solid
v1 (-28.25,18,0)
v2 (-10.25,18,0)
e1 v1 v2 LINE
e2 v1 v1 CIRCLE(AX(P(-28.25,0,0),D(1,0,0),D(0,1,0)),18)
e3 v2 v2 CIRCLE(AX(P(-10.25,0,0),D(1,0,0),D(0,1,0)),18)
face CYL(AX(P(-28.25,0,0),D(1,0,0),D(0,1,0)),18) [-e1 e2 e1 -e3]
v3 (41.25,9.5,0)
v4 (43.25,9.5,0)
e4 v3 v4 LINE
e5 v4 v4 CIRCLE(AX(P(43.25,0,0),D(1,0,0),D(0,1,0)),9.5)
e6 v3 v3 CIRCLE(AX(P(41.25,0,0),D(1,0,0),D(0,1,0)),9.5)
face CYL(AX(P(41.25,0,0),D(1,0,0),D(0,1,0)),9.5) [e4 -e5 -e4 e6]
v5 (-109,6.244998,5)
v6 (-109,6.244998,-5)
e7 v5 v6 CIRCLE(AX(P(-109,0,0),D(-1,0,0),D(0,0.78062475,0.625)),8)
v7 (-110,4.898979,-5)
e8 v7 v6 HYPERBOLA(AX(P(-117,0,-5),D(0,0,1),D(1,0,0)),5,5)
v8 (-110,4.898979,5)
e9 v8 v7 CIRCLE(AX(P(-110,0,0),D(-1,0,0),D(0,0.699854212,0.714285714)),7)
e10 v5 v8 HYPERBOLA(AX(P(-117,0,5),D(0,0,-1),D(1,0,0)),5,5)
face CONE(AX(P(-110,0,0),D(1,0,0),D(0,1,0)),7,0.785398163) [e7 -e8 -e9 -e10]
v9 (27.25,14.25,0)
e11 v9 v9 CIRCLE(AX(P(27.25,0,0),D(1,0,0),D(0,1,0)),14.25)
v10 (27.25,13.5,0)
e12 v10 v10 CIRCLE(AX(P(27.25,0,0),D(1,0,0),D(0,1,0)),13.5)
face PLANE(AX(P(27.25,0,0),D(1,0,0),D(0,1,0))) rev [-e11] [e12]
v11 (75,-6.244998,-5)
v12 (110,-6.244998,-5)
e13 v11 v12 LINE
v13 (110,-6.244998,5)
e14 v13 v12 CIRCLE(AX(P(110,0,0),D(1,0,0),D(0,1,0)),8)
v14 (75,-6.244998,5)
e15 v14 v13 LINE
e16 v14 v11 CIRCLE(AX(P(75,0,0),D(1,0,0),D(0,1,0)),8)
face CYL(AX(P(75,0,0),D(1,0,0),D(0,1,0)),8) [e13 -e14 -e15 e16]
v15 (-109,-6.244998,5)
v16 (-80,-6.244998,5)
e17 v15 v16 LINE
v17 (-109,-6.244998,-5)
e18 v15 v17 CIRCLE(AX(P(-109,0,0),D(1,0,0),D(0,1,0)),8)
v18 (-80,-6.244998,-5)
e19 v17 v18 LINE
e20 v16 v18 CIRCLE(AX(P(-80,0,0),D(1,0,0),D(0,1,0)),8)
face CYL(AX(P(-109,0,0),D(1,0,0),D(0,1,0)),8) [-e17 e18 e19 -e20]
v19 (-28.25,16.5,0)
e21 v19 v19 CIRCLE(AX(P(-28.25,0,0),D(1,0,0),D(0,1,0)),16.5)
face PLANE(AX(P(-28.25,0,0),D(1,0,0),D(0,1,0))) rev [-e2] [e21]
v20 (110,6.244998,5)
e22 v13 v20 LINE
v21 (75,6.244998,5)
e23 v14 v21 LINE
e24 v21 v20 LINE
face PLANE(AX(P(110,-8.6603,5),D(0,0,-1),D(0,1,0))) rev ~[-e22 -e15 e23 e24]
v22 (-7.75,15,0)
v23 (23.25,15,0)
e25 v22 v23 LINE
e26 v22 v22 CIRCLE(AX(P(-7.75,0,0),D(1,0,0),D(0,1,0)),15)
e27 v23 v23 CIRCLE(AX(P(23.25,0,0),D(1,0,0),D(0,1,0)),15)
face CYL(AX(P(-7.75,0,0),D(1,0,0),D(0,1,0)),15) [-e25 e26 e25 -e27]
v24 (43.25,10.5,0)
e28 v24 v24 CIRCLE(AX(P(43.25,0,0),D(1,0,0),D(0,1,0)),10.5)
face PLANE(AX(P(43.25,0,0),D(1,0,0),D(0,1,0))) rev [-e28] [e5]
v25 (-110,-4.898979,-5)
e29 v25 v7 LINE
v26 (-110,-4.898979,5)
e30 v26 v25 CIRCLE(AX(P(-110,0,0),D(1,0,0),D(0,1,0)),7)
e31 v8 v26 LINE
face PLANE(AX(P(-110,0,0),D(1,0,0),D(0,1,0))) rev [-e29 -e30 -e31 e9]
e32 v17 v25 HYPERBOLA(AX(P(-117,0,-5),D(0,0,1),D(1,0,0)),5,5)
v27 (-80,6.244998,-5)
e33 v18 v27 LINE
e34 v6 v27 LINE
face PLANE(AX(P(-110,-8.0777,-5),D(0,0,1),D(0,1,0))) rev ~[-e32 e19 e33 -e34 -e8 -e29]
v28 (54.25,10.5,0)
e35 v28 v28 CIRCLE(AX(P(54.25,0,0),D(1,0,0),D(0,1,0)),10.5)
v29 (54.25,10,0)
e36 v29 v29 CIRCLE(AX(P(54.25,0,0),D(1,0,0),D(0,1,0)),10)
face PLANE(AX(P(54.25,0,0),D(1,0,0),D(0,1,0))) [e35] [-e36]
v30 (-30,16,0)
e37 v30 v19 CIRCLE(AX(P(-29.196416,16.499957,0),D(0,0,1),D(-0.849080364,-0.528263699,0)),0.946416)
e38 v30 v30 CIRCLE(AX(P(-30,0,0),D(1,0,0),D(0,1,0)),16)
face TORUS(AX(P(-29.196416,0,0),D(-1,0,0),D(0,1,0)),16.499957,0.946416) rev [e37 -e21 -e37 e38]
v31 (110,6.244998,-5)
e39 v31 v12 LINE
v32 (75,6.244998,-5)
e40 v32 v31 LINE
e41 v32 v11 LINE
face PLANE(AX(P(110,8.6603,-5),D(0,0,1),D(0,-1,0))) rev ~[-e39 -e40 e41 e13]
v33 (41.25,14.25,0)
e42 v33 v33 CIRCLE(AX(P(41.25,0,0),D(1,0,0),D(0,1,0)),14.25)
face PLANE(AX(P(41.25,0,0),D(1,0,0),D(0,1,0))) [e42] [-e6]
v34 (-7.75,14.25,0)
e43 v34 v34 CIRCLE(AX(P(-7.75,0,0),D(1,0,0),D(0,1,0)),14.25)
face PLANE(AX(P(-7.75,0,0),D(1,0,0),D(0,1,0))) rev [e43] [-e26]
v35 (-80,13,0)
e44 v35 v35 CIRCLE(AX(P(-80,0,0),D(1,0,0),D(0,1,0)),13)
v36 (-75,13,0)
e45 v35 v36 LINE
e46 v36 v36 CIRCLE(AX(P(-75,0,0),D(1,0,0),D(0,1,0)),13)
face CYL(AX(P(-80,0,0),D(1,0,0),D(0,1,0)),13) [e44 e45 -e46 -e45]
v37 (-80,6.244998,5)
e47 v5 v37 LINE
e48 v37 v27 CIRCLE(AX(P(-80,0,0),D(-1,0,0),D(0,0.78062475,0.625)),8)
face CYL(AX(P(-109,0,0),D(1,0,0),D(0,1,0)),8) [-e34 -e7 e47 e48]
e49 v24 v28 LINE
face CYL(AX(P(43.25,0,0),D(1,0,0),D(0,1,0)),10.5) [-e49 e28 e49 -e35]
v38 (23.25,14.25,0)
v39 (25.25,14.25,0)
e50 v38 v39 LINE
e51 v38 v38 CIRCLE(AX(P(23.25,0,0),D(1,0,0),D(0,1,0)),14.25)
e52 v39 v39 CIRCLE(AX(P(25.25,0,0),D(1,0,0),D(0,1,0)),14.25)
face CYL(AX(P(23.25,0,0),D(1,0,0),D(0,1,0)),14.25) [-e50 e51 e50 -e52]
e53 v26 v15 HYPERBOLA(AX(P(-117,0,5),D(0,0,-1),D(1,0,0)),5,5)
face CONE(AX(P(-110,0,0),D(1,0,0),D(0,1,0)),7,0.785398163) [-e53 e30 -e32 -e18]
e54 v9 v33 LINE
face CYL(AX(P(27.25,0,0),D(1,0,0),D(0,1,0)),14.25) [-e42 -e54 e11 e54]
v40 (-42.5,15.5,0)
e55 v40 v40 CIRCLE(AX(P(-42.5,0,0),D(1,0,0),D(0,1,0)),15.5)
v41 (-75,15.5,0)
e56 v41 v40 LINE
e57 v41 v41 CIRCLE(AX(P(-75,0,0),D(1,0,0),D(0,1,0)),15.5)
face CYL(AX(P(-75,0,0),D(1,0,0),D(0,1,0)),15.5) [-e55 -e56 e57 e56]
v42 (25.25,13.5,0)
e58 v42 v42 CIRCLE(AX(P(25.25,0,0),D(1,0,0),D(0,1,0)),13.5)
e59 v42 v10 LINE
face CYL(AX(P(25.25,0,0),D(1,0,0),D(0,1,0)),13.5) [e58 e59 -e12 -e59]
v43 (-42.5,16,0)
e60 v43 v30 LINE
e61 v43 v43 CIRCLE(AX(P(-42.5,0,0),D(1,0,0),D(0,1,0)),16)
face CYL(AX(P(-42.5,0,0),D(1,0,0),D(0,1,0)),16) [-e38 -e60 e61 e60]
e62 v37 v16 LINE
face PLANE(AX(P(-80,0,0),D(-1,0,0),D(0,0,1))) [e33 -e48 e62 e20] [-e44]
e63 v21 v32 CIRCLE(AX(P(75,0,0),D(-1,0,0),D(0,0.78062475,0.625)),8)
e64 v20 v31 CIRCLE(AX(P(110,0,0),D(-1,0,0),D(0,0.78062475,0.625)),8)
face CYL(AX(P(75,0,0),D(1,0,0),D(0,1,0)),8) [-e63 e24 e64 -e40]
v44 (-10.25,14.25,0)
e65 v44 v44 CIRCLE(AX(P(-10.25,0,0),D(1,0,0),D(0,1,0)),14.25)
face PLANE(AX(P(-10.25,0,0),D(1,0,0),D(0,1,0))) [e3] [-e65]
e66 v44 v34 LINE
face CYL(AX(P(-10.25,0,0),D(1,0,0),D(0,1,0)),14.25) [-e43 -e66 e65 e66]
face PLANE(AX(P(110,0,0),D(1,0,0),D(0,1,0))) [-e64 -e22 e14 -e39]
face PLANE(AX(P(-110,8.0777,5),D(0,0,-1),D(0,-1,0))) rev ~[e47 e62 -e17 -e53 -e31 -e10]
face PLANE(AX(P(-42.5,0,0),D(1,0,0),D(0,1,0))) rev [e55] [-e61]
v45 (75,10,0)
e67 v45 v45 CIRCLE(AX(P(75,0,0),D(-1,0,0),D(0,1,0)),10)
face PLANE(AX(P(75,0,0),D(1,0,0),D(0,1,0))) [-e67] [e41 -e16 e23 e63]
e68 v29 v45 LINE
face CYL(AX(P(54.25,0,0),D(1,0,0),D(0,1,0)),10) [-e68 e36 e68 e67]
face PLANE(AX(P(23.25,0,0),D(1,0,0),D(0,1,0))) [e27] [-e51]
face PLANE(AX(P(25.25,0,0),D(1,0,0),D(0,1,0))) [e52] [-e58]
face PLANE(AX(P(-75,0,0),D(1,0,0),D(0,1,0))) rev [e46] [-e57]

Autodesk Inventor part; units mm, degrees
ref_plane "YZ Plane" through (0, 0, 0) normal (1, 0, 0) x (0, 1, 0)
ref_plane "XZ Plane" through (0, 0, 0) normal (0, 1, 0) x (-1, 0, 0)
ref_plane "XY Plane" through (0, 0, 0) normal (0, 0, 1) x (1, 0, 0)
sketch "Esquisse1" plane through (0, 0, 0) normal (0, 0, 1) x (1, 0, 0)
  line L0 (-110, 0) -> (-110, 7)
  line L1 (-110, 7) -> (-109, 8)
  line L2 (-109, 8) -> (-80, 8)
  line L3 (-80, 8) -> (-80, 13)
  line L4 (-80, 13) -> (-75, 13)
  line L5 (-75, 13) -> (-75, 15.5)
  line L6 (-75, 15.5) -> (-42.5, 15.5)
  line L7 (-110, 0) -> (110, 0)
  line L8 (-42.5, 15.5) -> (-42.5, 16)
  line L9 (-42.5, 16) -> (-30, 16)
  arc A0 (-30, 16) -> (-28.25, 16.5) centre (-29.1964, 16.5) ccw
  line L10 (-28.25, 16.5) -> (-28.25, 18)
  line L11 (-28.25, 18) -> (-10.25, 18)
  line L12 (-10.25, 18) -> (-10.25, 14.25)
  line L13 (-10.25, 14.25) -> (-7.75, 14.25)
  line L14 (-7.75, 14.25) -> (-7.75, 15)
  line L15 (-7.75, 15) -> (23.25, 15)
  line L16 (23.25, 15) -> (23.25, 14.25)
  line L17 (23.25, 14.25) -> (25.25, 14.25)
  line L18 (25.25, 14.25) -> (25.25, 13.5)
  line L19 (25.25, 13.5) -> (27.25, 13.5)
  line L20 (27.25, 13.5) -> (27.25, 14.25)
  line L21 (27.25, 14.25) -> (41.25, 14.25)
  line L22 (41.25, 14.25) -> (41.25, 9.5)
  line L23 (41.25, 9.5) -> (43.25, 9.5)
  line L24 (43.25, 9.5) -> (43.25, 10.5)
  line L25 (43.25, 10.5) -> (54.25, 10.5)
  line L26 (54.25, 10.5) -> (54.25, 10)
  line L27 (54.25, 10) -> (75, 10)
  line L28 (75, 10) -> (75, 8)
  line L29 (75, 8) -> (110, 8)
  line L30 (110, 8) -> (110, 0)
  point P0 (0, 0)
  dimension "d0" = 35
  dimension "d1" = 1
  dimension "d2" = 1
  dimension "d3" = 8
  dimension "d4" = 30
  dimension "d5" = 13
  dimension "d6" = 15.5
  dimension "d7" = 16
  dimension "d8" = 32.5
  dimension "d9" = 12.5
  dimension "d10" = 14.25
  dimension "d11" = 0.5
  dimension "d12" = 18
  dimension "d13" = 18
  dimension "d14" = 14.25
  dimension "d15" = 2.5
  dimension "d16" = 75
  dimension "d17" = 15
  dimension "d18" = 31
  dimension "d19" = 2
  dimension "d20" = 2
  dimension "d21" = 14.25
  dimension "d22" = 13.5
  dimension "d23" = 14.25
  dimension "d24" = 14
  dimension "d25" = 9.5
  dimension "d26" = 2
  dimension "d27" = 75
  dimension "d28" = 10.5
  dimension "d29" = 11
  dimension "d30" = 10
  dimension "d31" = 220
  dimension "d32" = 8
revolve "Révolution1" add sketch "Esquisse1" angle 360 about axis through (-110, 0, 0) along (1, 0, 0)
thread "Filetage1" size "M16x1.5" class "6g" standard "ISO Metric profile" full length
sketch "Esquisse2" plane through (-110, 0, 0) normal (-1, 0, 0) x (0, 0, 1)
  circle A0 centre (0, 0) radius 9.5 projected
  line L0 (5, -8.0777) -> (-5, -8.0777)
  line L1 (-5, -8.0777) -> (-5, 8.0777)
  line L2 (-5, 8.0777) -> (5, 8.0777)
  line L3 (5, 8.0777) -> (5, -8.0777)
  line L4 (5, -8.0777) -> (-5, 8.0777) construction
  line L5 (-5, -8.0777) -> (5, 8.0777) construction
  dimension "d34" = 10
extrude "Extrusion1" cut sketch "Esquisse2" against normal up to surface (30 mm away) contours A0 L3 | L2 A0 | A0 L0 | L1 A0
thread "Filetage4" size "M16x1.5" class "6g" standard "ISO Metric profile" full length
sketch "Esquisse3" plane through (110, 0, 0) normal (1, 0, 0) x (0, 0, -1)
  line L0 (5, -8.6603) -> (-5, -8.6603)
  line L1 (-5, -8.6603) -> (-5, 8.6603)
  line L2 (-5, 8.6603) -> (5, 8.6603)
  line L3 (5, 8.6603) -> (5, -8.6603)
  line L4 (5, -8.6603) -> (-5, 8.6603) construction
  line L5 (-5, -8.6603) -> (5, 8.6603) construction
  circle A0 centre (0, 0) radius 10 projected
  dimension "d45" = 10
extrude "Extrusion2" cut sketch "Esquisse3" against normal up to surface (35 mm away) contours A0 L0 | L3 A0 | A0 L1 | L2 A0
properties part number "Stator_Axis"
